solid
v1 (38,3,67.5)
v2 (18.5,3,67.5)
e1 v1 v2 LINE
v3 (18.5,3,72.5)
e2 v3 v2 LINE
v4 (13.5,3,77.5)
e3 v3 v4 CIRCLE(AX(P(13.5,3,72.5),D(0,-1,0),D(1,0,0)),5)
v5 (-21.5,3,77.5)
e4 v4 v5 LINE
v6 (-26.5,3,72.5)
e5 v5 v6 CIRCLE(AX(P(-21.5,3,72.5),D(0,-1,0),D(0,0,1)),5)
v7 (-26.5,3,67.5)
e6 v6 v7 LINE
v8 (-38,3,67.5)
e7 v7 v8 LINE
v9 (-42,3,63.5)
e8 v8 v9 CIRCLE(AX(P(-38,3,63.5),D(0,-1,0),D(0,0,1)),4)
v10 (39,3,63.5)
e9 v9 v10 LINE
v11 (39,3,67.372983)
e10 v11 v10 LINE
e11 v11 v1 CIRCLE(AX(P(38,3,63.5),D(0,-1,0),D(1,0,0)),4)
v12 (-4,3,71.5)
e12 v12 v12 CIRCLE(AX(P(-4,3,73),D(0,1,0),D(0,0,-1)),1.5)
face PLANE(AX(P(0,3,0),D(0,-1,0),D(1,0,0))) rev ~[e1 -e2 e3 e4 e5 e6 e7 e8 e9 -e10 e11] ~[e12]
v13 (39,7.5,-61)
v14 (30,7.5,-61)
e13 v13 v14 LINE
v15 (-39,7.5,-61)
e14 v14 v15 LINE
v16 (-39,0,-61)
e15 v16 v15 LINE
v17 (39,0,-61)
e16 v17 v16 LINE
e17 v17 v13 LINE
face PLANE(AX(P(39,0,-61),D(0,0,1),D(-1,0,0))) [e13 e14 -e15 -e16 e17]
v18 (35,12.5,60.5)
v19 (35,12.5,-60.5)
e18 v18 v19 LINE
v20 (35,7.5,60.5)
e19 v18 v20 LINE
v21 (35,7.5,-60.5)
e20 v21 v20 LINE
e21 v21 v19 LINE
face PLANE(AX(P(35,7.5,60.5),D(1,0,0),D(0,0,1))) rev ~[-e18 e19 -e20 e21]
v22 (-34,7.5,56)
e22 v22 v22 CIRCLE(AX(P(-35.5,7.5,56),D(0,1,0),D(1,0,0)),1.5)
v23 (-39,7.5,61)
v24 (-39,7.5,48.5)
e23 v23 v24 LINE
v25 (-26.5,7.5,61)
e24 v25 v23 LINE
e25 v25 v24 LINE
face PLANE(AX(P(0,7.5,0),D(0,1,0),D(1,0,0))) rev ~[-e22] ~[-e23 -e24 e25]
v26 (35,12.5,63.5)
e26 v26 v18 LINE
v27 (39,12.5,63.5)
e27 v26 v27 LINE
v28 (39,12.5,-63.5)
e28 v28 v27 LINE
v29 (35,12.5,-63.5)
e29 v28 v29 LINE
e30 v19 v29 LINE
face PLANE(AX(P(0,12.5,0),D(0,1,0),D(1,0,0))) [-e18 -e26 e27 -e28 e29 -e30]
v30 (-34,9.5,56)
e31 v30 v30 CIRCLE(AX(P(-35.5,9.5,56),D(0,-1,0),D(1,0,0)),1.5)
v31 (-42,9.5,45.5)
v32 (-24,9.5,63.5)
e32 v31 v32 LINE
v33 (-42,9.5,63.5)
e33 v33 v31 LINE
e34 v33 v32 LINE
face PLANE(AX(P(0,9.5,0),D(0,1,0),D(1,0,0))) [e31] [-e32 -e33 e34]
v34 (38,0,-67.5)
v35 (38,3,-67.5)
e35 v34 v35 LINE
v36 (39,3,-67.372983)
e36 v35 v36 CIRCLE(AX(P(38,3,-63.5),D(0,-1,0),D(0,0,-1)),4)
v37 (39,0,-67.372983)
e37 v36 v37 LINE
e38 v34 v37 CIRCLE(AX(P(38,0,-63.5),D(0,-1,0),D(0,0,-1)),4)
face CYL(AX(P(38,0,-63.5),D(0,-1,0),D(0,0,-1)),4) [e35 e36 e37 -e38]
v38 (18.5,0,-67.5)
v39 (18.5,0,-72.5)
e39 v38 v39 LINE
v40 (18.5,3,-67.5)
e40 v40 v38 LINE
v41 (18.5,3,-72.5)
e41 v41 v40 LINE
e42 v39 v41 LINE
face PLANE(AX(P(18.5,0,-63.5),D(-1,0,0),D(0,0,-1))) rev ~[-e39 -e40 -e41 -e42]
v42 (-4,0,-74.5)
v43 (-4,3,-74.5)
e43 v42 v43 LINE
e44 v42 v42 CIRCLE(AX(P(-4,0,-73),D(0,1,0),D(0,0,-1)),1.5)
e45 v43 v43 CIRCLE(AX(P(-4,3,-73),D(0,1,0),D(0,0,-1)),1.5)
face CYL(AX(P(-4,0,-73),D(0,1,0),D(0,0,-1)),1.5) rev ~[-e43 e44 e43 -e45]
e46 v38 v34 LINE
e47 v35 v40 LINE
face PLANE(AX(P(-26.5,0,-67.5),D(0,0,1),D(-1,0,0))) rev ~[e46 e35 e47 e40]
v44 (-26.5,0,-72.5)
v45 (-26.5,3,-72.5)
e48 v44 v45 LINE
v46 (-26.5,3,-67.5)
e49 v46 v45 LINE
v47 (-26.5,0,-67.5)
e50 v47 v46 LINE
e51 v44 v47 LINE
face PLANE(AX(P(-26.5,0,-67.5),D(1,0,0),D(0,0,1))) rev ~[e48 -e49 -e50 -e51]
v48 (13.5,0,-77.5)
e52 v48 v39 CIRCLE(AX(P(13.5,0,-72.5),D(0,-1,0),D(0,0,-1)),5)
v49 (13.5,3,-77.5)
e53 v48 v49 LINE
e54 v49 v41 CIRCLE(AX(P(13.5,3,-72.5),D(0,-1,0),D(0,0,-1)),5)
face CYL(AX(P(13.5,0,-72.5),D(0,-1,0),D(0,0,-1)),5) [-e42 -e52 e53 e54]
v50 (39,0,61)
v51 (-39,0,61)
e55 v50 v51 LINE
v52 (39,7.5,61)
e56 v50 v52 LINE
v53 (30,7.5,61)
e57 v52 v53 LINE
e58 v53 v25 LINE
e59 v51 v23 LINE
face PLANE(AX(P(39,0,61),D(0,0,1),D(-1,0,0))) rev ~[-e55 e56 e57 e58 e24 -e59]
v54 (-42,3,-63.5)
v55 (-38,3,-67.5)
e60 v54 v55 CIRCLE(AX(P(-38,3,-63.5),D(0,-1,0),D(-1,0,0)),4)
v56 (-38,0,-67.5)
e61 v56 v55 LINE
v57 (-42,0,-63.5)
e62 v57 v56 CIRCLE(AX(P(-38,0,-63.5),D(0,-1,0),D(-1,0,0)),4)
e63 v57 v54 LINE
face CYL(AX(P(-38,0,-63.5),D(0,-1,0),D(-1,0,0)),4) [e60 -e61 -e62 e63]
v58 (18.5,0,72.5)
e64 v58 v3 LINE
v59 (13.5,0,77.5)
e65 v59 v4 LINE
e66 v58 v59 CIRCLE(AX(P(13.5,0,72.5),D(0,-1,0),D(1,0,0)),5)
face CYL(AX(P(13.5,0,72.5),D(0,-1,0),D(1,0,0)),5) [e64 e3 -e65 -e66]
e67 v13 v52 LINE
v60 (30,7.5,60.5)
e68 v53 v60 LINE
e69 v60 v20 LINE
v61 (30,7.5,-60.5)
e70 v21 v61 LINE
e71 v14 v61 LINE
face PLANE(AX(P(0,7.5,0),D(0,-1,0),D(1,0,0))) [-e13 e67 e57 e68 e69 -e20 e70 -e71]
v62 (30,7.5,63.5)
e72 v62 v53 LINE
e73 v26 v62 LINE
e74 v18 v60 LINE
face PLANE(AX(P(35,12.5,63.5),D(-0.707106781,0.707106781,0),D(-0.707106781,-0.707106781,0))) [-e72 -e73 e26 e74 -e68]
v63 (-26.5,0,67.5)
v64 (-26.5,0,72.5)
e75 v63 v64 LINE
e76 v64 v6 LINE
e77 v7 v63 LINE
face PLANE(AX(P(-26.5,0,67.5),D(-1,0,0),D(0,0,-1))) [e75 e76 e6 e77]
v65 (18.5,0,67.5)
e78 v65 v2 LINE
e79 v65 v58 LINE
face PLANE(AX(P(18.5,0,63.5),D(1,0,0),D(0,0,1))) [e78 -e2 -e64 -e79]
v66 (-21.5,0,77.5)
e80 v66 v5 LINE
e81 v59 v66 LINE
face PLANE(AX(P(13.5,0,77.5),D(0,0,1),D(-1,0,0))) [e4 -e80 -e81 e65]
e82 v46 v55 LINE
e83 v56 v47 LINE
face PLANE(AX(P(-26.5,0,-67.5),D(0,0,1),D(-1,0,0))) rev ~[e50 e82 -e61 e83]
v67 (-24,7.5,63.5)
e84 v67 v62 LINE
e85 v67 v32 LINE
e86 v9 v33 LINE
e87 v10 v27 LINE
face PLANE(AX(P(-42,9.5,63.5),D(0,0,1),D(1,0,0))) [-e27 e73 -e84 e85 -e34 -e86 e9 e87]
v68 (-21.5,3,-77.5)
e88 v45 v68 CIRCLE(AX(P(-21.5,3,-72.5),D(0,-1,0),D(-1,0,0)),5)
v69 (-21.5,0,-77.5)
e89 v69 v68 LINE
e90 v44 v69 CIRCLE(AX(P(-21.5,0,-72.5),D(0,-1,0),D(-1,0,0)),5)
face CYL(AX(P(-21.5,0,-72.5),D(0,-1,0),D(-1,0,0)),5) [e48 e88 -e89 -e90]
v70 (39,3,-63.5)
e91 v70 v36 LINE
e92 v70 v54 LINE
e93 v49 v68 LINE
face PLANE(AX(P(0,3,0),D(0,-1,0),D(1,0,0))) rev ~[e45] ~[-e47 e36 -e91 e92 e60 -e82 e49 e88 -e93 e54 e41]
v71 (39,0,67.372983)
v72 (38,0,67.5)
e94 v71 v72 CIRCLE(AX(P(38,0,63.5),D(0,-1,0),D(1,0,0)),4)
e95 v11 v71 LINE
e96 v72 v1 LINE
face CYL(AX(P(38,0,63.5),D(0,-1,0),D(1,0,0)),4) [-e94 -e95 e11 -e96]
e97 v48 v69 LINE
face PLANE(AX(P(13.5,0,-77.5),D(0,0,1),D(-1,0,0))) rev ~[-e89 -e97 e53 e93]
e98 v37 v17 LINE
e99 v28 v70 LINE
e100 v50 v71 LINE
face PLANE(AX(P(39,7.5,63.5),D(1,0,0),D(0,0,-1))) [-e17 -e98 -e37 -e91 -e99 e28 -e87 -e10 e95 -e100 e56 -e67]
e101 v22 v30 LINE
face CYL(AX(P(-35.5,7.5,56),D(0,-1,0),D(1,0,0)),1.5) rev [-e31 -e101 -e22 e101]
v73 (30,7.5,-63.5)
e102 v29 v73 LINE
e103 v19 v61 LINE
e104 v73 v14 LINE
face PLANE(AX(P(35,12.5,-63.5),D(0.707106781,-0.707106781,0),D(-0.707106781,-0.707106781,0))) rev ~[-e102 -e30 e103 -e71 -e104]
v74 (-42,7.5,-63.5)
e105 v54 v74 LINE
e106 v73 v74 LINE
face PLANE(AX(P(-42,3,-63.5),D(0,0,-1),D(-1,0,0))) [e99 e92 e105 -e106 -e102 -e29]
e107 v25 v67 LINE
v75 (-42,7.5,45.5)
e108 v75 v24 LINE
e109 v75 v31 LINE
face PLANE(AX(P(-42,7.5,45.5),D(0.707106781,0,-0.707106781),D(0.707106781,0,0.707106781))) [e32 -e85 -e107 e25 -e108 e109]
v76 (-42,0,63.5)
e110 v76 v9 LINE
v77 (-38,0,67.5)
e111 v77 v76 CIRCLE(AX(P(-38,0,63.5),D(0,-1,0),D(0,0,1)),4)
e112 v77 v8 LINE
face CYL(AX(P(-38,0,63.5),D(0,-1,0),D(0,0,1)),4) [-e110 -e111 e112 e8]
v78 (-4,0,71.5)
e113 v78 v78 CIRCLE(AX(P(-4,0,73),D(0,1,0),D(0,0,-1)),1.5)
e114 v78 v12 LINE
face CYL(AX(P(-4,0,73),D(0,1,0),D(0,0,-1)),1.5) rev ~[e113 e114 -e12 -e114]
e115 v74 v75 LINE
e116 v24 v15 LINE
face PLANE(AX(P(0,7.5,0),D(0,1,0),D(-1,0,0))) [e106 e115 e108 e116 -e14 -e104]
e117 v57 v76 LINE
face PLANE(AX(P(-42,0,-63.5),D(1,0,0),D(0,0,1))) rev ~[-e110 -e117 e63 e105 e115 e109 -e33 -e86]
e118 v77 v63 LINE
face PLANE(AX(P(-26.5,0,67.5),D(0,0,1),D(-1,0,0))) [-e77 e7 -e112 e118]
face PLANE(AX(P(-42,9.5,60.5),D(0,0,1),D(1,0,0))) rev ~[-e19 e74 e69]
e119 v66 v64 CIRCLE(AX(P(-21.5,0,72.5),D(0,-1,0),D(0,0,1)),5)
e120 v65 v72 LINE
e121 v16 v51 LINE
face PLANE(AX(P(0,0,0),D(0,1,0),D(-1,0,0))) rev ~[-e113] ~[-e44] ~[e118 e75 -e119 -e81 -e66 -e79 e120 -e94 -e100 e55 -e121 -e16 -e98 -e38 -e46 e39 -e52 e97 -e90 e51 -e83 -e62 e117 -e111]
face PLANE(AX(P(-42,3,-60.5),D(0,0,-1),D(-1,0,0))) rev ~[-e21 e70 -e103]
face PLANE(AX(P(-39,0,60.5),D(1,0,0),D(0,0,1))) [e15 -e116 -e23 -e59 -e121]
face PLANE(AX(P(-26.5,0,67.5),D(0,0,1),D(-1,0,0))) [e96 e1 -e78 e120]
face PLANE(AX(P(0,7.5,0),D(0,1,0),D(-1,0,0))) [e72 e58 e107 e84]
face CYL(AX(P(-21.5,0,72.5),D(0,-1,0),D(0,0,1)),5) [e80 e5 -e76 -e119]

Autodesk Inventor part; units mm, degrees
ref_plane "YZ Plane" through (0, 0, 0) normal (1, 0, 0) x (0, 1, 0)
ref_plane "XZ Plane" through (0, 0, 0) normal (0, 1, 0) x (-1, 0, 0)
ref_plane "XY Plane" through (0, 0, 0) normal (0, 0, 1) x (1, 0, 0)
sketch "Skizze1" plane through (0, 0, 0) normal (0, 1, 0) x (-1, 0, 0)
  line L0 (-39, 60.5) -> (39, 60.5)
  line L1 (39, 60.5) -> (39, -60.5)
  line L2 (39, -60.5) -> (-39, -60.5)
  line L3 (-39, -60.5) -> (-39, 60.5)
  line L4 (-39, 60.5) -> (39, -60.5) construction
  line L5 (39, 60.5) -> (-39, -60.5) construction
  line L6 (42, 63.5) -> (-42, 63.5)
  line L7 (-42, 63.5) -> (-42, -63.5)
  line L8 (-42, -63.5) -> (42, -63.5)
  line L9 (42, -63.5) -> (42, 63.5)
  point P0 (0, 0)
  dimension "d0" = 78
  dimension "d1" = 121
  dimension "d2" = 3
extrude "Extrusion1" add sketch "Skizze1" along normal blind 7.5
sketch "Skizze2" plane through (0, 7.5, 0) normal (0, 1, 0) x (1, 0, 0)
  line L0 (39, -60.5) -> (-39, -60.5) projected
  line L1 (-39, -60.5) -> (-39, 60.5) projected
  circle A0 centre (-35.5, -56) radius 1.5
  point P0 (0, 0)
  dimension "d5" = 4.5
  dimension "d6" = 3.5
  dimension "d12" = 3
sketch "Skizze3" plane through (0, 7.5, 0) normal (0, 1, 0) x (1, 0, 0)
  line L0 (-42, -63.5) -> (42, -63.5) projected
  line L1 (-42, -63.5) -> (-24, -63.5)
  line L2 (-42, -63.5) -> (-42, -45.5)
  line L3 (-42, 63.5) -> (-42, -63.5) projected
  line L4 (-42, -45.5) -> (-24, -63.5)
  point P0 (0, 0)
  dimension "d7" = 18
  dimension "d9" = 18
extrude "Extrusion2" add sketch "Skizze3" along normal blind 2
extrude "Extrusion3" cut sketch "Skizze2" along normal through all
ref_plane "Arbeitsebene1" through (0, 0, -60.5) normal (1, 0, 0) x (0, 0, -1)
ref_plane "Arbeitsebene2" through (39, 0, 0) normal (0, 0, -1) x (-1, 0, 0)
sketch "Skizze4" plane through (0, 0, 0) normal (0, -1, 0) x (1, 0, 0)
  line L0 (-39, -60.5) -> (-39, 60.5) projected
  line L1 (-39, 60.5) -> (39, 60.5) projected
  line L2 (39, 60.5) -> (39, -60.5) projected
  line L3 (39, -60.5) -> (-39, -60.5) projected
  line L4 (-42, 63.5) -> (42, 63.5) projected
  line L5 (-42, -63.5) -> (-42, 63.5) projected
  line L6 (42, -63.5) -> (-42, -63.5) projected
  line L7 (42, 63.5) -> (42, -63.5) projected
  line L8 (-42, 63.5) -> (42, 63.5) projected
  line L9 (-58.8, 0) -> (58.8, 0) construction
  line L10 (18.5, 63.5) -> (18.5, 72.5)
  line L11 (13.5, 77.5) -> (-21.5, 77.5)
  line L12 (-26.5, 72.5) -> (-26.5, 63.5)
  line L13 (42, 63.5) -> (42, 63.5)
  line L14 (38, 67.5) -> (-38, 67.5)
  line L15 (-42, 63.5) -> (-42, 63.5)
  line L16 (42, -63.5) -> (42, -63.5)
  line L17 (38, -67.5) -> (-38, -67.5)
  line L18 (-42, -63.5) -> (-42, -63.5)
  arc A0 (42, 63.5) -> (38, 67.5) centre (38, 63.5) ccw
  arc A1 (-38, 67.5) -> (-42, 63.5) centre (-38, 63.5) ccw
  arc A2 (-42, -63.5) -> (-38, -67.5) centre (-38, -63.5) ccw
  arc A3 (38, -67.5) -> (42, -63.5) centre (38, -63.5) ccw
  arc A4 (18.5, 72.5) -> (13.5, 77.5) centre (13.5, 72.5) ccw
  arc A5 (-21.5, 77.5) -> (-26.5, 72.5) centre (-21.5, 72.5) ccw
  line L19 (18.5, -63.5) -> (18.5, -72.5)
  line L20 (13.5, -77.5) -> (-21.5, -77.5)
  line L21 (-26.5, -72.5) -> (-26.5, -63.5)
  arc A6 (13.5, -77.5) -> (18.5, -72.5) centre (13.5, -72.5) ccw
  arc A7 (-26.5, -72.5) -> (-21.5, -77.5) centre (-21.5, -72.5) ccw
  line L22 (18.5, -63.5) -> (-26.5, -63.5)
  line L23 (42, -63.5) -> (-42, -63.5) projected
  line L24 (0, -109.9497) -> (0, 109.9497) construction
  point P0 (0, 0)
  point P1 (18.5, 77.5)
  point P2 (-26.5, 77.5)
  point P3 (-4, 77.5)
  point P4 (42, 67.5)
  point P5 (-42, 67.5)
  point P6 (42, -67.5)
  point P7 (-42, -67.5)
  point P8 (18.5, -77.5)
  point P9 (-26.5, -77.5)
  point P10 (-4, -77.5)
  point P11 (-4, 73)
  point P12 (-4, -73)
  dimension "d20" = 155
  dimension "d21" = 45
  dimension "d22" = 4
  dimension "d23" = 135
  dimension "d24" = 4
  dimension "d25" = 4
  dimension "d26" = 4
  dimension "d27" = 4
  dimension "d30" = 5
  dimension "d33" = 5.5
extrude "Extrusion4" add sketch "Skizze4" against normal blind 3 contours A1 L14 L12 L4 | L12 L14 L10 L4 | L6 L21 L17 A2 | L10 L14 A0 L4 | L6 L19 L17 L21 | L6 A3 L17 L19
extrude "Extrusion5" add sketch "Skizze4" against normal up to surface (3 mm away) contours L12 L14 L10 L4 | L12 A5 L11 A4 L10 L14 | L6 L19 L17 L21 | L17 L19 A6 L20 A7 L21
hole "Bohrung1" at (-4, 0, 73) at (-4, 0, -73) direction (0, 1, 0) diameter 3 end through all
sketch "Skizze6" plane through (42, 7.5, 63.5) normal (1, 0, 0) x (0, 0, -1)
  line L0 (0, -7.5) -> (127, -7.5) projected
  line L1 (127, -7.5) -> (127, -4.5) projected
  line L2 (127, -4.5) -> (127, 0) projected
  line L3 (0, 0) -> (127, 0) projected
  line L4 (0, -4.5) -> (0, 0) projected
  line L5 (0, -7.5) -> (0, -4.5) projected
  line L6 (131, -7.5) -> (127, -7.5) projected
  line L7 (131, -7.5) -> (131, -4.5) projected
  line L8 (127, -4.5) -> (131, -4.5) projected
  line L9 (127, -7.5) -> (127, -4.5) projected
  line L10 (0, -7.5) -> (-4, -7.5) projected
  line L11 (0, -7.5) -> (0, -4.5) projected
  line L12 (-4, -4.5) -> (0, -4.5) projected
  line L13 (-4, -7.5) -> (-4, -4.5) projected
  point P0 (63.5, -7.5)
extrude "Extrusion8" cut sketch "Skizze6" against normal up to surface (3 mm away)
sketch "Skizze7" plane through (0, 7.5, 0) normal (0, 1, 0) x (1, 0, 0)
  line L0 (39, -63.5) -> (39, -60.5) projected
  line L1 (39, -60.5) -> (-27, -60.5) projected
  line L2 (-27, -60.5) -> (-24, -63.5) projected
  line L3 (-24, -63.5) -> (39, -63.5) projected
  line L4 (39, 60.5) -> (39, 63.5) projected
  line L5 (39, 63.5) -> (-42, 63.5) projected
  line L6 (-42, 63.5) -> (-42, -45.5) projected
  line L7 (-42, -45.5) -> (-39, -48.5) projected
  line L8 (-39, -48.5) -> (-39, 60.5) projected
  line L9 (-39, 60.5) -> (39, 60.5) projected
  line L10 (39, -63.5) -> (39, 63.5)
  line L11 (39, 63.5) -> (-42, 63.5) projected
  line L12 (39, 63.5) -> (35, 63.5)
  line L13 (35, 63.5) -> (35, -63.5)
  line L14 (-42, -63.5) -> (39, -63.5) projected
  line L15 (35, -63.5) -> (39, -63.5)
  point P0 (0, 0)
  dimension "d48" = 4
extrude "Extrusion9" add sketch "Skizze7" along normal blind 5 contours L3 L13 L1 L0 | L1 L13 L9 L10 | L9 L13 L5 L4
sketch "Skizze8" plane through (-42, 3, -63.5) normal (0, 0, -1) x (-1, 0, 0)
  line L0 (-81, 9.5) -> (-81, 0) projected
  line L1 (-81, 0) -> (0, 0) projected
  line L2 (0, 0) -> (0, 4.5) projected
  line L3 (-77, 4.5) -> (0, 4.5) projected
  line L4 (-77, 4.5) -> (-77, 9.5) projected
  line L5 (-81, 9.5) -> (-77, 9.5) projected
  line L6 (-77, 4.5) -> (-77, 9.5) projected
  line L7 (-77, 9.5) -> (-72, 4.5)
  line L8 (-77, 4.5) -> (-15, 4.5) projected
  line L9 (-77, 9.5) -> (-69.9289, 9.5) construction
  line L10 (-72, 4.5) -> (-77, 4.5)
  line L11 (-77, 4.5) -> (-77, 9.5)
  point P0 (-42, -3)
  dimension "d51" = 45
extrude "Extrusion10" add sketch "Skizze8" against normal up to surface (3 mm away) contours L7 L3 L4
sketch "Skizze9" plane through (-42, 9.5, 63.5) normal (0, 0, 1) x (1, 0, 0)
  line L0 (81, -9.5) -> (3, -9.5) projected
  line L1 (81, -9.5) -> (81, -2) projected
  line L2 (77, -2) -> (81, -2) projected
  line L3 (77, 3) -> (77, -2) projected
  line L4 (77, 3) -> (72, -2) projected
  line L5 (3, -2) -> (72, -2) projected
  line L6 (3, -9.5) -> (3, -2) projected
  line L7 (18, -2) -> (77, -2) projected
  line L8 (72, -2) -> (77, -2)
  point P0 (42, -9.5)
extrude "Extrusion11" add sketch "Skizze9" against normal up to surface (3 mm away) contours L7 L4 L3
sketch "Skizze10" plane through (0, 0, 0) normal (0, -1, 0) x (1, 0, 0)
  line L0 (39, -67.373) -> (39, -60.5) projected
  line L1 (39, -60.5) -> (-39, -60.5) projected
  line L2 (-39, -60.5) -> (-39, 60.5) projected
  line L3 (-39, 60.5) -> (39, 60.5) projected
  line L4 (39, 60.5) -> (39, 67.373) projected
  arc A0 (39, 67.373) -> (38, 67.5) centre (38, 63.5) ccw projected
  line L5 (38, 67.5) -> (18.5, 67.5) projected
  line L6 (18.5, 67.5) -> (18.5, 72.5) projected
  arc A1 (18.5, 72.5) -> (13.5, 77.5) centre (13.5, 72.5) ccw projected
  line L7 (13.5, 77.5) -> (-21.5, 77.5) projected
  arc A2 (-21.5, 77.5) -> (-26.5, 72.5) centre (-21.5, 72.5) ccw projected
  line L8 (-26.5, 72.5) -> (-26.5, 67.5) projected
  line L9 (-26.5, 67.5) -> (-38, 67.5) projected
  arc A3 (-38, 67.5) -> (-42, 63.5) centre (-38, 63.5) ccw projected
  line L10 (-42, -63.5) -> (-42, 63.5) projected
  arc A4 (-42, -63.5) -> (-38, -67.5) centre (-38, -63.5) ccw projected
  line L11 (-38, -67.5) -> (-26.5, -67.5) projected
  line L12 (-26.5, -67.5) -> (-26.5, -72.5) projected
  arc A5 (-26.5, -72.5) -> (-21.5, -77.5) centre (-21.5, -72.5) ccw projected
  line L13 (-21.5, -77.5) -> (13.5, -77.5) projected
  arc A6 (13.5, -77.5) -> (18.5, -72.5) centre (13.5, -72.5) ccw projected
  line L14 (18.5, -72.5) -> (18.5, -67.5) projected
  line L15 (18.5, -67.5) -> (38, -67.5) projected
  arc A7 (38, -67.5) -> (39, -67.373) centre (38, -63.5) ccw projected
  circle A8 centre (-4, -73) radius 1.5 projected
  circle A9 centre (-4, 73) radius 1.5 projected
  line L16 (39, 61) -> (-39, 61)
  line L17 (-39, -60.5) -> (-39, 60.5) projected
  line L18 (-39, 60.5) -> (-39, 61)
  line L19 (39, -61) -> (-39, -61)
  line L20 (-39, -61) -> (-39, -60.5)
  point P0 (0, 0)
  dimension "d56" = 0.5
  dimension "d57" = 0.5
extrude "Extrusion12" cut sketch "Skizze10" against normal up to surface (7.5 mm away) contours L19 L20 L1 L0 | L18 L16 L4 L3
properties part number "display_mount"
